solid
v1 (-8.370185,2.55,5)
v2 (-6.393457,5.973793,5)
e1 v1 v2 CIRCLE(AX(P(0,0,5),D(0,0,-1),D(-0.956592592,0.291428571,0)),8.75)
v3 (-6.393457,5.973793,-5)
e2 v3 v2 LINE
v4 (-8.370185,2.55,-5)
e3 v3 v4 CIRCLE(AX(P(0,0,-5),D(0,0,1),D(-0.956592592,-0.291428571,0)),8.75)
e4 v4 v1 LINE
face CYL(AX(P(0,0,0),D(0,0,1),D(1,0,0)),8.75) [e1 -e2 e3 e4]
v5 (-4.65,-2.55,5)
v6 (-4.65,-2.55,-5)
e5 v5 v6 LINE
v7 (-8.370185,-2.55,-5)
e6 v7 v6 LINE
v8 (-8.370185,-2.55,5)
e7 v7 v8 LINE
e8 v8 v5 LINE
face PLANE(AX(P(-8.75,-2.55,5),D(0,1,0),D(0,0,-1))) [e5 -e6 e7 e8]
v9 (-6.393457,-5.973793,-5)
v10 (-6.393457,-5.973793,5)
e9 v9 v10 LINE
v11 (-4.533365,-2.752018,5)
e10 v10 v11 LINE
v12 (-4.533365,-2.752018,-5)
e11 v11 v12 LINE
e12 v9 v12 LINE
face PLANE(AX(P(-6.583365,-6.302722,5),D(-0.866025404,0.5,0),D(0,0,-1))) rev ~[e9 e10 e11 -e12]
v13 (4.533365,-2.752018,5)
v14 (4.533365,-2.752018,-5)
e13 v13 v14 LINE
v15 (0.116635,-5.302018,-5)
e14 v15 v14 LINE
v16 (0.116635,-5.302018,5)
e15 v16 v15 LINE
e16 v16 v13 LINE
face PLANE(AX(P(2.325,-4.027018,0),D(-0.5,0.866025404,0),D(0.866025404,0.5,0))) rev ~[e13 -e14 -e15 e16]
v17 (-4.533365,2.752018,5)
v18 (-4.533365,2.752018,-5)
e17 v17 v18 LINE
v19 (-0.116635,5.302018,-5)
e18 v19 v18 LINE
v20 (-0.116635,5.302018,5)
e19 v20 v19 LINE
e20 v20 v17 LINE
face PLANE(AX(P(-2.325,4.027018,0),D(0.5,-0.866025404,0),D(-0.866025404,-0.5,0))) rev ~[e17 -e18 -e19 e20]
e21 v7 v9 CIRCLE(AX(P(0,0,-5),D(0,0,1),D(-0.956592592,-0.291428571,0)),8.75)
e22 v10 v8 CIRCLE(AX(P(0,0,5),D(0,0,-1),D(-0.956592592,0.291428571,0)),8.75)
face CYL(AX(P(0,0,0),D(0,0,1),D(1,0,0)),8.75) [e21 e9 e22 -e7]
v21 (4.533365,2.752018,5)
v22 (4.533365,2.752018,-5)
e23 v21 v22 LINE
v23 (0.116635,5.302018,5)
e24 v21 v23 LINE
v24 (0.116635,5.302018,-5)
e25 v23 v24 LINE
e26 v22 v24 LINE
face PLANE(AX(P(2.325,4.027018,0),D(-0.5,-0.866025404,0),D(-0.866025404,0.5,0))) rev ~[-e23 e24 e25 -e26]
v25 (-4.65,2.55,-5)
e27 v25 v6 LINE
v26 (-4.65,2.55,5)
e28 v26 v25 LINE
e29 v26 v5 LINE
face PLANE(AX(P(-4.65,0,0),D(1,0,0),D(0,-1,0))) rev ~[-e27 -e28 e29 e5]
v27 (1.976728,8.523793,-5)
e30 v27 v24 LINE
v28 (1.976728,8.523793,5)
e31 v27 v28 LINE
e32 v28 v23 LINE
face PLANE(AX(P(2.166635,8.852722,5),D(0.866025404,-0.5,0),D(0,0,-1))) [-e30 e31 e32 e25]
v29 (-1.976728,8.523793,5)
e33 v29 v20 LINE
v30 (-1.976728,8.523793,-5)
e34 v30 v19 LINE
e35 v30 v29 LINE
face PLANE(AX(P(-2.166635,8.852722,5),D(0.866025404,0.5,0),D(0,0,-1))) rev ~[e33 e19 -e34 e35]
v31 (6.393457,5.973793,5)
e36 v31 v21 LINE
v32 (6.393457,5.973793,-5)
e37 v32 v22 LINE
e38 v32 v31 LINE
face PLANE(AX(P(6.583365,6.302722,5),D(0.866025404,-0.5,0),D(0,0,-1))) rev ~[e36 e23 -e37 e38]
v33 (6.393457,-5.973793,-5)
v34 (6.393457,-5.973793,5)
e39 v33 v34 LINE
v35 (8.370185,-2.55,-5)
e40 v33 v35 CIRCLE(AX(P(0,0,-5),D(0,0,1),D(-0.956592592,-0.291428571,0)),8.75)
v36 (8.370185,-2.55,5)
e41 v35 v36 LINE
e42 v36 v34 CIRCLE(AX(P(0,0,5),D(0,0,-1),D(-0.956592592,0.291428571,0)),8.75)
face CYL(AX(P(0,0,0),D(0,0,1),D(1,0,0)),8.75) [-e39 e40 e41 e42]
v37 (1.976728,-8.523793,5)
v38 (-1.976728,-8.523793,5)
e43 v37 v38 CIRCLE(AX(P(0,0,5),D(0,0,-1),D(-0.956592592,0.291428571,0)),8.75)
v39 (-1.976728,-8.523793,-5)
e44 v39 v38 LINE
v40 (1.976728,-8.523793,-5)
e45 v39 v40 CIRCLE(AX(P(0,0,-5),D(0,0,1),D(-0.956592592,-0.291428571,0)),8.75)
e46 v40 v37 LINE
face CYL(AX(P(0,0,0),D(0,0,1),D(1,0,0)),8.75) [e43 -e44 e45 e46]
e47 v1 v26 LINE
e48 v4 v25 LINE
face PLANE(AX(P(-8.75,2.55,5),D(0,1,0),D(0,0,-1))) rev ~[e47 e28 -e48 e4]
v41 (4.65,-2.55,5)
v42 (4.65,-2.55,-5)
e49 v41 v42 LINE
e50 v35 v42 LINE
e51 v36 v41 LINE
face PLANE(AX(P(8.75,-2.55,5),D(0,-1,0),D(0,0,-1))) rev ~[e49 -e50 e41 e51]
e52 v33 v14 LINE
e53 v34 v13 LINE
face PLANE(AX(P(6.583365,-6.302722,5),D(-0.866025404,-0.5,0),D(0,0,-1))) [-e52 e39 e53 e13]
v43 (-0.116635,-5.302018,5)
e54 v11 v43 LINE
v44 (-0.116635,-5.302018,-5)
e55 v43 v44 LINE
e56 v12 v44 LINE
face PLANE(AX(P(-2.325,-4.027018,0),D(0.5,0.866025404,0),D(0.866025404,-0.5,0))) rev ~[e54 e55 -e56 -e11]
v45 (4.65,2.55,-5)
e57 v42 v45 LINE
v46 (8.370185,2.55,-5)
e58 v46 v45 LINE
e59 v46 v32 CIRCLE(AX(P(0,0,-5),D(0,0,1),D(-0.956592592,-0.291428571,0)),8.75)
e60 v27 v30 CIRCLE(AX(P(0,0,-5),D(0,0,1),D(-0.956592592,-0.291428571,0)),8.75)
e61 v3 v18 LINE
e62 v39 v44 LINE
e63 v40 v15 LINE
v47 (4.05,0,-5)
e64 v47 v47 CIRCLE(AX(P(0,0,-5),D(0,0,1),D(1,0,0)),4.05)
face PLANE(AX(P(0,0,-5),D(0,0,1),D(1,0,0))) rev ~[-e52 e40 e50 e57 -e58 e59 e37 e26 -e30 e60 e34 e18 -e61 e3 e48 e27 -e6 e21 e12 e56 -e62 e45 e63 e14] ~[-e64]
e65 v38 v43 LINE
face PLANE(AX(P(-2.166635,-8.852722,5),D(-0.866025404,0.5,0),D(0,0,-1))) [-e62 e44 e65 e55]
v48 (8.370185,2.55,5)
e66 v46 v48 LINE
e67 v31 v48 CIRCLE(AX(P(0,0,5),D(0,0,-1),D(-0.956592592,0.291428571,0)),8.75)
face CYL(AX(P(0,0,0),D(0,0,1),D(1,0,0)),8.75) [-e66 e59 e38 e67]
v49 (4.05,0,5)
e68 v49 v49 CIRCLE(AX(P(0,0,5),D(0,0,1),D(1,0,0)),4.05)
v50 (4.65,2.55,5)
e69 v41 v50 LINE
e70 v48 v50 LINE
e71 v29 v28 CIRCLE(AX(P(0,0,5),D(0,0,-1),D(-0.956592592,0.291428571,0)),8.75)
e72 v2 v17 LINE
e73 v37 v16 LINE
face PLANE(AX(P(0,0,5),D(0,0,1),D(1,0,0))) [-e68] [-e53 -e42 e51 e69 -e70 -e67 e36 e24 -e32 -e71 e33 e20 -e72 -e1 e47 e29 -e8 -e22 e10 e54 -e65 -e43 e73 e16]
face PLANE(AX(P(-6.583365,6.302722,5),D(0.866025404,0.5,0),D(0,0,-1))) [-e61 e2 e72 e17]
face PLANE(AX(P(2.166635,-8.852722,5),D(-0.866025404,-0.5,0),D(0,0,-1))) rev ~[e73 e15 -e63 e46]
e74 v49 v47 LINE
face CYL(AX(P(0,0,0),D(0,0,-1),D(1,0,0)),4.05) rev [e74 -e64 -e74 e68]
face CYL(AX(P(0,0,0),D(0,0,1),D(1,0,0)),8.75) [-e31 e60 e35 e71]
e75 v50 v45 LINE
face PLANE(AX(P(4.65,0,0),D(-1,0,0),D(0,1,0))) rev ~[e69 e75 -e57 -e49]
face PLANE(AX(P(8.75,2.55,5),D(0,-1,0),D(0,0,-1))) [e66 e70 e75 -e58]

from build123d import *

# Parameters (mm, degrees)
SKETCH1_R           = 8.75
SKETCH1_R_2         = 4.05
BOSS_EXTRUDE1_DEPTH = 5
SKETCH2_W           = 5.1
SKETCH2_H           = 10
CUT_EXTRUDE3_DEPTH  = 4.1
CIRPATTERN1_COUNT   = 6


with BuildPart() as part:
    # Sketch1 → Boss-Extrude1 (new, symmetric)
    with BuildSketch(Plane.XY):
        Circle(SKETCH1_R)
        Circle(SKETCH1_R_2, mode=Mode.SUBTRACT)
    extrude(amount=BOSS_EXTRUDE1_DEPTH, both=True)

    # Sketch2 → Cut-Extrude3 (cut)
    with BuildSketch(Plane(origin=(-8.75, -17.193061184, 0), x_dir=(0, -1, 0), z_dir=(1, 0, 0))):
        with Locations((-17.193061184, 0)):
            Rectangle(SKETCH2_W, SKETCH2_H)
    cut_extrude3 = extrude(amount=CUT_EXTRUDE3_DEPTH, mode=Mode.SUBTRACT)

    # CirPattern1: Cut-Extrude3 ×6 about axis
    cirpattern1_axis = Axis((0, 0, 5), (0, 0, 1))
    for i in range(1, CIRPATTERN1_COUNT):
        add(cut_extrude3.rotate(cirpattern1_axis, i * 360 / CIRPATTERN1_COUNT), mode=Mode.SUBTRACT)


solid = part.part
